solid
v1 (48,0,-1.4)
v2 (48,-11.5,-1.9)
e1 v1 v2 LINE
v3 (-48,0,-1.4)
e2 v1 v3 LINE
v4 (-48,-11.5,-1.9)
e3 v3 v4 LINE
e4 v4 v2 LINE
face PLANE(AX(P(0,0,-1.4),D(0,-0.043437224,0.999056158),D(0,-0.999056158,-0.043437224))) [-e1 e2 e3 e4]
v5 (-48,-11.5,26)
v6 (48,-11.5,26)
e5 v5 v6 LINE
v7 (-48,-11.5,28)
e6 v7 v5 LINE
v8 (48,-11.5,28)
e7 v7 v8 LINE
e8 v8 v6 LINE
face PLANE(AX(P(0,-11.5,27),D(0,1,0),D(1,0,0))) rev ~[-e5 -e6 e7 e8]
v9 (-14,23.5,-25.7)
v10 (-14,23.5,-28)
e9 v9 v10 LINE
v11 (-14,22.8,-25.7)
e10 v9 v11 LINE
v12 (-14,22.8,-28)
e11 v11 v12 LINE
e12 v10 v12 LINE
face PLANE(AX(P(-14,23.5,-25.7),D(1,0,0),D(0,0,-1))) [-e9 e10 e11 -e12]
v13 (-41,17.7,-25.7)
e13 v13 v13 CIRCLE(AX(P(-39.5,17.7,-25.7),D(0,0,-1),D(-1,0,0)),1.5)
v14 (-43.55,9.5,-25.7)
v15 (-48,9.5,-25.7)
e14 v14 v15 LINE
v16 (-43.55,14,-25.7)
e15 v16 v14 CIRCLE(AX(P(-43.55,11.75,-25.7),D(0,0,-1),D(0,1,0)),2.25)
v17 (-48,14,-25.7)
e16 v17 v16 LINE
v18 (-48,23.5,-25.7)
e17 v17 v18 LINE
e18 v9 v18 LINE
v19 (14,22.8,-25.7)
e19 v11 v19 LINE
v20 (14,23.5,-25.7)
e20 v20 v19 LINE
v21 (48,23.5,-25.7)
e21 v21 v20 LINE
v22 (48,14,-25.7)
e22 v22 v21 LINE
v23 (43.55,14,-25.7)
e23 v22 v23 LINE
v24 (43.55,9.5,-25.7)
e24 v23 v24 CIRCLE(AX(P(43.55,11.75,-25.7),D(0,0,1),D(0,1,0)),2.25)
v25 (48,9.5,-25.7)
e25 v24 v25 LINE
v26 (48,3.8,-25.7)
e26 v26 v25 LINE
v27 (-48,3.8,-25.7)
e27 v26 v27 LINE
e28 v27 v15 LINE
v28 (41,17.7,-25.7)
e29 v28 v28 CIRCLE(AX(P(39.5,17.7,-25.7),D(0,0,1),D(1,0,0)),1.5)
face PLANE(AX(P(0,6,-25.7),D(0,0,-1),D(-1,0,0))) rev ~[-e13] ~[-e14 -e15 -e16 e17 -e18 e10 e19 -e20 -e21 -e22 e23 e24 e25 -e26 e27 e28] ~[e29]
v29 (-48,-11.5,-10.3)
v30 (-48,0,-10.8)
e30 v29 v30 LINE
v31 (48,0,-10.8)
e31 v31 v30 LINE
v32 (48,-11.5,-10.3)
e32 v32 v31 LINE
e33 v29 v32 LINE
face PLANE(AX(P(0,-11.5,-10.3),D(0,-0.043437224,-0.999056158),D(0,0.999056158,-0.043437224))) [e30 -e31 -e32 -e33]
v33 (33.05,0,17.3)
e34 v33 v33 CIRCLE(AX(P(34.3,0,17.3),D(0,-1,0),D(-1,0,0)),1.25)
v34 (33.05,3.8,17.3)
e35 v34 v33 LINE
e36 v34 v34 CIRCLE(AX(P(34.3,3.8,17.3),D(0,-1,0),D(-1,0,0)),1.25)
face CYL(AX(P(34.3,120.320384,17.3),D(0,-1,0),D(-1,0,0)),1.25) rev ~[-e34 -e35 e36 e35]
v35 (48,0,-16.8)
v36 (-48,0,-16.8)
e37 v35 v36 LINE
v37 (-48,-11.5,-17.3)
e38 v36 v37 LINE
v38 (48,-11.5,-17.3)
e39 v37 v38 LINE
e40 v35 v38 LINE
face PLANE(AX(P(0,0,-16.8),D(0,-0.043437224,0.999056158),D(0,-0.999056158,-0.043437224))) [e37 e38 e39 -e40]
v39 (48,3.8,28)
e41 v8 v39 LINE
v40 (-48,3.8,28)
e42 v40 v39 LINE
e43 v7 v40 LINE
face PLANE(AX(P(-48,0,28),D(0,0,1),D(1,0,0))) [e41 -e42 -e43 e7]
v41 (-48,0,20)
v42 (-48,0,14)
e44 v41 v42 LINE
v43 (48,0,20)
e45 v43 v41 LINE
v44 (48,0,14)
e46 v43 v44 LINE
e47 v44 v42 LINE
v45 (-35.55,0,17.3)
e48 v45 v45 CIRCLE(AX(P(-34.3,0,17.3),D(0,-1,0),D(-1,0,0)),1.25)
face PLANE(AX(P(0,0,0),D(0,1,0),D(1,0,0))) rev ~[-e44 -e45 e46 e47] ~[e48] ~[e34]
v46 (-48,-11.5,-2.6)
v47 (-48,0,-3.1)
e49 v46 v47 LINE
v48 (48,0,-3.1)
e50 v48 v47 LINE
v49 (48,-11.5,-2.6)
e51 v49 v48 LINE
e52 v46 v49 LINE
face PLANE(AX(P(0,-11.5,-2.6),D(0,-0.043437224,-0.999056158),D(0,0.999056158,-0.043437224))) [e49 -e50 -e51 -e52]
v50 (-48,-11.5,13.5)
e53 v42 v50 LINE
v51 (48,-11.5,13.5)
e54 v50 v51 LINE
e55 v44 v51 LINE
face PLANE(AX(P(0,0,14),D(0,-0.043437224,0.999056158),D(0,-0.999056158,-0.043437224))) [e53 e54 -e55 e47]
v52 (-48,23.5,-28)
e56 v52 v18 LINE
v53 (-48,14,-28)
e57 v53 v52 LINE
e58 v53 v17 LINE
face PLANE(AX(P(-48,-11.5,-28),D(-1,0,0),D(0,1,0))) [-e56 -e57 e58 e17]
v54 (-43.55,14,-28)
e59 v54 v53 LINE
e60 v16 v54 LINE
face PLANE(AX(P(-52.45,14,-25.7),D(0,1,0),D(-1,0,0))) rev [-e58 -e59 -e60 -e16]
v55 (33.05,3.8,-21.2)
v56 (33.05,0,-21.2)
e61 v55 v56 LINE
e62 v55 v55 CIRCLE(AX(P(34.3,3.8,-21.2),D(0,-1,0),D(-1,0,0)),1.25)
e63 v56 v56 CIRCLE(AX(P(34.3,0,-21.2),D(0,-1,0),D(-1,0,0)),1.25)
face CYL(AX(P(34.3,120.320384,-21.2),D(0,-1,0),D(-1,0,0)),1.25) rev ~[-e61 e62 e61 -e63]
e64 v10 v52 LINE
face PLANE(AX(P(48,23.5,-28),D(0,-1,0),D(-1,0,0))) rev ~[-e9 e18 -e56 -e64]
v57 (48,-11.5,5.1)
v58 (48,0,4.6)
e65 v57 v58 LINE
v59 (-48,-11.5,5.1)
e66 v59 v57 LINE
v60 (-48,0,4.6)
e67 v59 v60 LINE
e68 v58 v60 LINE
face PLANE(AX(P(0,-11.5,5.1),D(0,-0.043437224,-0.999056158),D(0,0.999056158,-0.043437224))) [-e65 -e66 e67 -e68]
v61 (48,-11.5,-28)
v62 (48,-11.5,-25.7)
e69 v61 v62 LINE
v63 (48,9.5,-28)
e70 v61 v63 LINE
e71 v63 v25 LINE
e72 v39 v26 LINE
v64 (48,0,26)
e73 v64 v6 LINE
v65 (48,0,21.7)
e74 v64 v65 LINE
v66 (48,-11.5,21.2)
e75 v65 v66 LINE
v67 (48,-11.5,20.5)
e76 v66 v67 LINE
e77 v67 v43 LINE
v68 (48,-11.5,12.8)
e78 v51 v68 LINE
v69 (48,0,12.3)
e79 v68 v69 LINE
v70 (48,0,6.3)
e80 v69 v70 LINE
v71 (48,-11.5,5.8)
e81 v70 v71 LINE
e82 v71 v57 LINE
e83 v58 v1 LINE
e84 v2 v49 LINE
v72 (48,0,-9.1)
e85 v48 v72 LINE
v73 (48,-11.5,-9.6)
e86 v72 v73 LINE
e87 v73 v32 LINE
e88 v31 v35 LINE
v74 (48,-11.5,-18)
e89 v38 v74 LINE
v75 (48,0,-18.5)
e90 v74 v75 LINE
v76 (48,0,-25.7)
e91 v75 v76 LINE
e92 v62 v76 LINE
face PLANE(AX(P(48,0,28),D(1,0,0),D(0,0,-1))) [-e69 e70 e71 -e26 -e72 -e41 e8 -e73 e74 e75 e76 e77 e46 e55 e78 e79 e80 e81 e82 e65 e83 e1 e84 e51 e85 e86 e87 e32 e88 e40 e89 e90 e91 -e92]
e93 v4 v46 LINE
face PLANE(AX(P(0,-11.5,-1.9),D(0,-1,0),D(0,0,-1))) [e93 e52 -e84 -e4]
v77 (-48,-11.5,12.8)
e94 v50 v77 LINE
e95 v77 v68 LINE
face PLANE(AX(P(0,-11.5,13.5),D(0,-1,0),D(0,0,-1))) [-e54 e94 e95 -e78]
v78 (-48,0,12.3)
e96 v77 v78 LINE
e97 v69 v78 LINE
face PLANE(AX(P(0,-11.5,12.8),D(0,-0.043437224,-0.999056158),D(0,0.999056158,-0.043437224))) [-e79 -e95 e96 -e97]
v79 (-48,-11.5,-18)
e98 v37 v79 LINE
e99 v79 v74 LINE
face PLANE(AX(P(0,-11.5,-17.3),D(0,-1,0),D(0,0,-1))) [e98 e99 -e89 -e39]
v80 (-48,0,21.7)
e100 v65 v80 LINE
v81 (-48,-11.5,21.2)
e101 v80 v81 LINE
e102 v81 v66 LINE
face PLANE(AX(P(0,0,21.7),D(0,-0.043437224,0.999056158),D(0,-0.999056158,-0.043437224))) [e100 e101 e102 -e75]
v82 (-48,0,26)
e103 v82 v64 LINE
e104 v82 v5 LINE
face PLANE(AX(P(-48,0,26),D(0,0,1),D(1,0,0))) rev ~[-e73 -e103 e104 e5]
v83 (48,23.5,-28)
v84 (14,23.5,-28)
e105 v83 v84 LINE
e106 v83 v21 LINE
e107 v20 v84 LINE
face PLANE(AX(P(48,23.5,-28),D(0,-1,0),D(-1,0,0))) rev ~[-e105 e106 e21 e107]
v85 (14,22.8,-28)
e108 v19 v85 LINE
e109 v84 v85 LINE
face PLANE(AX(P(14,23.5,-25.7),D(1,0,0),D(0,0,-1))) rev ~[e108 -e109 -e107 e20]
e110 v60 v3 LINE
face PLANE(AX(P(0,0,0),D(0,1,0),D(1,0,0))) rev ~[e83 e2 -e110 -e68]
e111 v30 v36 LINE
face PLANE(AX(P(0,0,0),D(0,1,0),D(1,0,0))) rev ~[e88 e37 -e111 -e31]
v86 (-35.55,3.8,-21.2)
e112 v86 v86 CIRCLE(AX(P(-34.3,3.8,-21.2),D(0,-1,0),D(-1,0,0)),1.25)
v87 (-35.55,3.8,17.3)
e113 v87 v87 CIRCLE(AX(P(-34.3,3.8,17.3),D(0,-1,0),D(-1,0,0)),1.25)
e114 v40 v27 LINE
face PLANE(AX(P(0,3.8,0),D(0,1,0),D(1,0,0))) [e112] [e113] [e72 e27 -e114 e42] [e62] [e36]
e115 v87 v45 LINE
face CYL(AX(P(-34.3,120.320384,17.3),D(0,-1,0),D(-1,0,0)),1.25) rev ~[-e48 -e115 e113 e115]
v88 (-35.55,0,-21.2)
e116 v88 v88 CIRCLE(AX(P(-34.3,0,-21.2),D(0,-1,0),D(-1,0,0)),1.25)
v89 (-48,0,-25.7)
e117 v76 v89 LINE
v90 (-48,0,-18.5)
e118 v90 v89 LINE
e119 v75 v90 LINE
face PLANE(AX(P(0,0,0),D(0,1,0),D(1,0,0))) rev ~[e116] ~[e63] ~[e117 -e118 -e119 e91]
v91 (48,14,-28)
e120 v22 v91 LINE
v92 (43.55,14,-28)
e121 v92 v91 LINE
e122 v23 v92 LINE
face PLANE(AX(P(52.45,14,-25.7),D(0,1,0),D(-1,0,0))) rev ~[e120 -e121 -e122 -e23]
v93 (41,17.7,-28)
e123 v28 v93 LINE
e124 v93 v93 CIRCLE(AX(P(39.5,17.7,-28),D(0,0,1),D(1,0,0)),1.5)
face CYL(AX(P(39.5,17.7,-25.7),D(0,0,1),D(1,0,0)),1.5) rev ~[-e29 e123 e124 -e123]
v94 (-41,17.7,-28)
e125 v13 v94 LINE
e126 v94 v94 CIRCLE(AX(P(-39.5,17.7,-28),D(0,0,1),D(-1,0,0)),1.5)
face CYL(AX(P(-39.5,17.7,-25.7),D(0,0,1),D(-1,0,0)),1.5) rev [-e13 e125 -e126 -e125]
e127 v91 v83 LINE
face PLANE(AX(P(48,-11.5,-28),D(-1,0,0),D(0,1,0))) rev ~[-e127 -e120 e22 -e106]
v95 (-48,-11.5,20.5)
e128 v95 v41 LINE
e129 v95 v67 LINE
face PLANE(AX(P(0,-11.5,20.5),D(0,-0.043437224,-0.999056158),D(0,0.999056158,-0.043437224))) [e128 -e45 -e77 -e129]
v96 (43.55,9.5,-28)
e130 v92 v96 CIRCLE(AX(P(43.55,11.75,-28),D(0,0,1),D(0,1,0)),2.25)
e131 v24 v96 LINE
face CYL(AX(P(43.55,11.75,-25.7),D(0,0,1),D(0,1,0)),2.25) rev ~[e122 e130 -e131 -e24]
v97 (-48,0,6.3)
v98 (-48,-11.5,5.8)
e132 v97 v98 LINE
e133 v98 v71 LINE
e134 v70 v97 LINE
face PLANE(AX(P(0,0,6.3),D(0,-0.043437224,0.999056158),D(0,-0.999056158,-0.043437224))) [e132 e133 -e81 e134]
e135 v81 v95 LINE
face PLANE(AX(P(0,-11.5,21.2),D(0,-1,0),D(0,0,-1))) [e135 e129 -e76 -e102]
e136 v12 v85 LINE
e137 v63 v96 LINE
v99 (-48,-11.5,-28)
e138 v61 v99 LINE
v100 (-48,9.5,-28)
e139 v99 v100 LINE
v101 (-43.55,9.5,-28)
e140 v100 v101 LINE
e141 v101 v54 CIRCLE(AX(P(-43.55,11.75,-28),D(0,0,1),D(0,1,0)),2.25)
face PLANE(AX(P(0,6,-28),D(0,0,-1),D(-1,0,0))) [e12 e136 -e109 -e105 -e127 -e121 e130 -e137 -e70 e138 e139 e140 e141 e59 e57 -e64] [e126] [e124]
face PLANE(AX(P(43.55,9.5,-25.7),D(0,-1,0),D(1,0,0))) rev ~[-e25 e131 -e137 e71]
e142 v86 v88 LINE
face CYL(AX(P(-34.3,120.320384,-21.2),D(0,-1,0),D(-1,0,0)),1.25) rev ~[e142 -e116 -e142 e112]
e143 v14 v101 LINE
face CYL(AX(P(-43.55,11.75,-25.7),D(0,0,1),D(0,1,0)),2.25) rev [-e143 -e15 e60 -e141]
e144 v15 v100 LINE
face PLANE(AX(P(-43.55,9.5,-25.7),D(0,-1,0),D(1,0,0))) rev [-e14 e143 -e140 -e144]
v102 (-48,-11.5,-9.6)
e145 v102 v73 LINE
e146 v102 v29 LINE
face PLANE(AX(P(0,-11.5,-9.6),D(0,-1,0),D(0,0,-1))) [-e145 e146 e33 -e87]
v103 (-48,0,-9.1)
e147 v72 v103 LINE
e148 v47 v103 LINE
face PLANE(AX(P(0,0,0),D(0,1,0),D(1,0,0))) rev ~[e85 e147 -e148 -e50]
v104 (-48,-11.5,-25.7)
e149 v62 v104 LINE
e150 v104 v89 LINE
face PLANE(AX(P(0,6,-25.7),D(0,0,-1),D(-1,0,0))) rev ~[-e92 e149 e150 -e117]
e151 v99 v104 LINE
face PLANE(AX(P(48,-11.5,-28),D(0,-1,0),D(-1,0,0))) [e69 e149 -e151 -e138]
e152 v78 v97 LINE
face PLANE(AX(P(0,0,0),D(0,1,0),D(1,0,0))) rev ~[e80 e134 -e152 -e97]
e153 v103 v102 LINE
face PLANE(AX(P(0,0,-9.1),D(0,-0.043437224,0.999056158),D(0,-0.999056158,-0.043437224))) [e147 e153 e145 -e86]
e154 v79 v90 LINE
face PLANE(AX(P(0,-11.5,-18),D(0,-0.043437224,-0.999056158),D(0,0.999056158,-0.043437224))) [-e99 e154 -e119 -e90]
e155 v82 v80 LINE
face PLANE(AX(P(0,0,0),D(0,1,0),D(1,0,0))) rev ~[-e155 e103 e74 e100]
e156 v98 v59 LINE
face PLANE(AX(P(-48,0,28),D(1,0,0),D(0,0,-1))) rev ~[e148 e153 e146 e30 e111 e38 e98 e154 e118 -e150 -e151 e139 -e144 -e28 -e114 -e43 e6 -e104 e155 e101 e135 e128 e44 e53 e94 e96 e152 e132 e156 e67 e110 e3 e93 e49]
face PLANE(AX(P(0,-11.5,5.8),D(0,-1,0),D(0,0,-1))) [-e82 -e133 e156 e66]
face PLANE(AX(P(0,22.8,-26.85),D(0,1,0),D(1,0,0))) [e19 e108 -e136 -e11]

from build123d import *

# Parameters (mm, degrees)
SKETCH1_W             = 96
SKETCH1_H             = 56
BOSS_EXTRUDE1_DEPTH   = 3.8
SKETCH2_W             = 96
SKETCH2_H             = 35
BOSS_EXTRUDE2_DEPTH   = 2.3
CUT_EXTRUDE1_DEPTH    = 3.3
SKETCH4_R             = 1.5
CUT_EXTRUDE2_DEPTH    = 3.3
SKETCH5_W             = 96
SKETCH5_H             = 2
BOSS_EXTRUDE3_DEPTH   = 11.5
BOSS_EXTRUDE5_DEPTH   = 48
LPATTERN1_COUNT       = 6
LPATTERN1_PITCH       = 7.7
SKETCH8_W             = 28
SKETCH8_H             = 2.3
CUT_EXTRUDE3_DEPTH    = 0.7
M3X0_5_TAPPED_HOLE1_D = 2.5
LPATTERN2_COUNT       = 2
LPATTERN2_PITCH       = 38.5


with BuildPart() as part:
    # Sketch1 → Boss-Extrude1 (new body)
    with BuildSketch(Plane(origin=(0, 0, 0), x_dir=(1, 0, 0), z_dir=(0, 1, 0))):
        Rectangle(SKETCH1_W, SKETCH1_H)
    extrude(amount=BOSS_EXTRUDE1_DEPTH)

    # Sketch2 → Boss-Extrude2 (add)
    with BuildSketch(Plane(origin=(0, 0, -28), x_dir=(-1, 0, 0), z_dir=(0, 0, -1))):
        with Locations((0, 6)):
            Rectangle(SKETCH2_W, SKETCH2_H)
    extrude(amount=-BOSS_EXTRUDE2_DEPTH)

    # Sketch3 → Cut-Extrude1 (cut, through all)
    with BuildSketch(Plane(origin=(0, 0, -25.7), x_dir=(-1, 0, 0), z_dir=(0, 0, -1))):
        with BuildLine():
            Line((-52.45, 14), (-43.55, 14))
            ThreePointArc((-43.55, 14), (-41.3, 11.75), (-43.55, 9.5))
            Line((-43.55, 9.5), (-52.45, 9.5))
            ThreePointArc((-52.45, 9.5), (-54.7, 11.75), (-52.45, 14))
        make_face()
    cut_extrude1 = extrude(amount=CUT_EXTRUDE1_DEPTH, mode=Mode.SUBTRACT)

    # Sketch4 → Cut-Extrude2 (cut, through all)
    with BuildSketch(Plane.XY.offset(-25.7)):
        with Locations((39.5, 17.7)):
            Circle(SKETCH4_R)
    cut_extrude2 = extrude(amount=-CUT_EXTRUDE2_DEPTH, mode=Mode.SUBTRACT)

    # Mirror1: Cut-Extrude1, Cut-Extrude2 across plane
    add(cut_extrude1.mirror(Plane(origin=(0, 0, 0), x_dir=(0, 0, 1), z_dir=(1, 0, 0))), mode=Mode.SUBTRACT)
    add(cut_extrude2.mirror(Plane(origin=(0, 0, 0), x_dir=(0, 0, 1), z_dir=(1, 0, 0))), mode=Mode.SUBTRACT)

    # Sketch5 → Boss-Extrude3 (add)
    with BuildSketch(Plane(origin=(0, 0, 0), x_dir=(1, 0, 0), z_dir=(0, 1, 0))):
        with Locations((0, -27)):
            Rectangle(SKETCH5_W, SKETCH5_H)
    extrude(amount=-BOSS_EXTRUDE3_DEPTH)

    # Sketch7 → Boss-Extrude5 (add, symmetric)
    with BuildSketch(Plane(origin=(0, 0, 0), x_dir=(0, 0, -1), z_dir=(1, 0, 0))):
        Polygon((-21.7, 0), (-21.2, -11.5), (-20.5, -11.5), (-20, 0), align=None)
    boss_extrude5 = extrude(amount=BOSS_EXTRUDE5_DEPTH, both=True)

    # LPattern1: Boss-Extrude5 ×6
    with Locations(*[(0, 0, -i * LPATTERN1_PITCH) for i in range(1, LPATTERN1_COUNT)]):
        add(boss_extrude5)

    # Sketch8 → Cut-Extrude3 (cut)
    with BuildSketch(Plane(origin=(0, 23.5, 0), x_dir=(1, 0, 0), z_dir=(0, 1, 0))):
        with Locations((0, 26.85)):
            Rectangle(SKETCH8_W, SKETCH8_H)
    extrude(amount=-CUT_EXTRUDE3_DEPTH, mode=Mode.SUBTRACT)

    # M3x0.5 Tapped Hole1 (through all)
    with Locations(Plane(origin=(0, 3.8, 0), x_dir=(1, 0, 0), z_dir=(0, 1, 0))):
        with Locations((-34.3, -17.3), (34.3, -17.3)):
            m3x0_5_tapped_hole1 = Hole(M3X0_5_TAPPED_HOLE1_D / 2)

    # LPattern2: M3x0.5 Tapped Hole1 ×2
    with Locations(*[(0, 0, -i * LPATTERN2_PITCH) for i in range(1, LPATTERN2_COUNT)]):
        add(m3x0_5_tapped_hole1, mode=Mode.SUBTRACT)


solid = part.part
